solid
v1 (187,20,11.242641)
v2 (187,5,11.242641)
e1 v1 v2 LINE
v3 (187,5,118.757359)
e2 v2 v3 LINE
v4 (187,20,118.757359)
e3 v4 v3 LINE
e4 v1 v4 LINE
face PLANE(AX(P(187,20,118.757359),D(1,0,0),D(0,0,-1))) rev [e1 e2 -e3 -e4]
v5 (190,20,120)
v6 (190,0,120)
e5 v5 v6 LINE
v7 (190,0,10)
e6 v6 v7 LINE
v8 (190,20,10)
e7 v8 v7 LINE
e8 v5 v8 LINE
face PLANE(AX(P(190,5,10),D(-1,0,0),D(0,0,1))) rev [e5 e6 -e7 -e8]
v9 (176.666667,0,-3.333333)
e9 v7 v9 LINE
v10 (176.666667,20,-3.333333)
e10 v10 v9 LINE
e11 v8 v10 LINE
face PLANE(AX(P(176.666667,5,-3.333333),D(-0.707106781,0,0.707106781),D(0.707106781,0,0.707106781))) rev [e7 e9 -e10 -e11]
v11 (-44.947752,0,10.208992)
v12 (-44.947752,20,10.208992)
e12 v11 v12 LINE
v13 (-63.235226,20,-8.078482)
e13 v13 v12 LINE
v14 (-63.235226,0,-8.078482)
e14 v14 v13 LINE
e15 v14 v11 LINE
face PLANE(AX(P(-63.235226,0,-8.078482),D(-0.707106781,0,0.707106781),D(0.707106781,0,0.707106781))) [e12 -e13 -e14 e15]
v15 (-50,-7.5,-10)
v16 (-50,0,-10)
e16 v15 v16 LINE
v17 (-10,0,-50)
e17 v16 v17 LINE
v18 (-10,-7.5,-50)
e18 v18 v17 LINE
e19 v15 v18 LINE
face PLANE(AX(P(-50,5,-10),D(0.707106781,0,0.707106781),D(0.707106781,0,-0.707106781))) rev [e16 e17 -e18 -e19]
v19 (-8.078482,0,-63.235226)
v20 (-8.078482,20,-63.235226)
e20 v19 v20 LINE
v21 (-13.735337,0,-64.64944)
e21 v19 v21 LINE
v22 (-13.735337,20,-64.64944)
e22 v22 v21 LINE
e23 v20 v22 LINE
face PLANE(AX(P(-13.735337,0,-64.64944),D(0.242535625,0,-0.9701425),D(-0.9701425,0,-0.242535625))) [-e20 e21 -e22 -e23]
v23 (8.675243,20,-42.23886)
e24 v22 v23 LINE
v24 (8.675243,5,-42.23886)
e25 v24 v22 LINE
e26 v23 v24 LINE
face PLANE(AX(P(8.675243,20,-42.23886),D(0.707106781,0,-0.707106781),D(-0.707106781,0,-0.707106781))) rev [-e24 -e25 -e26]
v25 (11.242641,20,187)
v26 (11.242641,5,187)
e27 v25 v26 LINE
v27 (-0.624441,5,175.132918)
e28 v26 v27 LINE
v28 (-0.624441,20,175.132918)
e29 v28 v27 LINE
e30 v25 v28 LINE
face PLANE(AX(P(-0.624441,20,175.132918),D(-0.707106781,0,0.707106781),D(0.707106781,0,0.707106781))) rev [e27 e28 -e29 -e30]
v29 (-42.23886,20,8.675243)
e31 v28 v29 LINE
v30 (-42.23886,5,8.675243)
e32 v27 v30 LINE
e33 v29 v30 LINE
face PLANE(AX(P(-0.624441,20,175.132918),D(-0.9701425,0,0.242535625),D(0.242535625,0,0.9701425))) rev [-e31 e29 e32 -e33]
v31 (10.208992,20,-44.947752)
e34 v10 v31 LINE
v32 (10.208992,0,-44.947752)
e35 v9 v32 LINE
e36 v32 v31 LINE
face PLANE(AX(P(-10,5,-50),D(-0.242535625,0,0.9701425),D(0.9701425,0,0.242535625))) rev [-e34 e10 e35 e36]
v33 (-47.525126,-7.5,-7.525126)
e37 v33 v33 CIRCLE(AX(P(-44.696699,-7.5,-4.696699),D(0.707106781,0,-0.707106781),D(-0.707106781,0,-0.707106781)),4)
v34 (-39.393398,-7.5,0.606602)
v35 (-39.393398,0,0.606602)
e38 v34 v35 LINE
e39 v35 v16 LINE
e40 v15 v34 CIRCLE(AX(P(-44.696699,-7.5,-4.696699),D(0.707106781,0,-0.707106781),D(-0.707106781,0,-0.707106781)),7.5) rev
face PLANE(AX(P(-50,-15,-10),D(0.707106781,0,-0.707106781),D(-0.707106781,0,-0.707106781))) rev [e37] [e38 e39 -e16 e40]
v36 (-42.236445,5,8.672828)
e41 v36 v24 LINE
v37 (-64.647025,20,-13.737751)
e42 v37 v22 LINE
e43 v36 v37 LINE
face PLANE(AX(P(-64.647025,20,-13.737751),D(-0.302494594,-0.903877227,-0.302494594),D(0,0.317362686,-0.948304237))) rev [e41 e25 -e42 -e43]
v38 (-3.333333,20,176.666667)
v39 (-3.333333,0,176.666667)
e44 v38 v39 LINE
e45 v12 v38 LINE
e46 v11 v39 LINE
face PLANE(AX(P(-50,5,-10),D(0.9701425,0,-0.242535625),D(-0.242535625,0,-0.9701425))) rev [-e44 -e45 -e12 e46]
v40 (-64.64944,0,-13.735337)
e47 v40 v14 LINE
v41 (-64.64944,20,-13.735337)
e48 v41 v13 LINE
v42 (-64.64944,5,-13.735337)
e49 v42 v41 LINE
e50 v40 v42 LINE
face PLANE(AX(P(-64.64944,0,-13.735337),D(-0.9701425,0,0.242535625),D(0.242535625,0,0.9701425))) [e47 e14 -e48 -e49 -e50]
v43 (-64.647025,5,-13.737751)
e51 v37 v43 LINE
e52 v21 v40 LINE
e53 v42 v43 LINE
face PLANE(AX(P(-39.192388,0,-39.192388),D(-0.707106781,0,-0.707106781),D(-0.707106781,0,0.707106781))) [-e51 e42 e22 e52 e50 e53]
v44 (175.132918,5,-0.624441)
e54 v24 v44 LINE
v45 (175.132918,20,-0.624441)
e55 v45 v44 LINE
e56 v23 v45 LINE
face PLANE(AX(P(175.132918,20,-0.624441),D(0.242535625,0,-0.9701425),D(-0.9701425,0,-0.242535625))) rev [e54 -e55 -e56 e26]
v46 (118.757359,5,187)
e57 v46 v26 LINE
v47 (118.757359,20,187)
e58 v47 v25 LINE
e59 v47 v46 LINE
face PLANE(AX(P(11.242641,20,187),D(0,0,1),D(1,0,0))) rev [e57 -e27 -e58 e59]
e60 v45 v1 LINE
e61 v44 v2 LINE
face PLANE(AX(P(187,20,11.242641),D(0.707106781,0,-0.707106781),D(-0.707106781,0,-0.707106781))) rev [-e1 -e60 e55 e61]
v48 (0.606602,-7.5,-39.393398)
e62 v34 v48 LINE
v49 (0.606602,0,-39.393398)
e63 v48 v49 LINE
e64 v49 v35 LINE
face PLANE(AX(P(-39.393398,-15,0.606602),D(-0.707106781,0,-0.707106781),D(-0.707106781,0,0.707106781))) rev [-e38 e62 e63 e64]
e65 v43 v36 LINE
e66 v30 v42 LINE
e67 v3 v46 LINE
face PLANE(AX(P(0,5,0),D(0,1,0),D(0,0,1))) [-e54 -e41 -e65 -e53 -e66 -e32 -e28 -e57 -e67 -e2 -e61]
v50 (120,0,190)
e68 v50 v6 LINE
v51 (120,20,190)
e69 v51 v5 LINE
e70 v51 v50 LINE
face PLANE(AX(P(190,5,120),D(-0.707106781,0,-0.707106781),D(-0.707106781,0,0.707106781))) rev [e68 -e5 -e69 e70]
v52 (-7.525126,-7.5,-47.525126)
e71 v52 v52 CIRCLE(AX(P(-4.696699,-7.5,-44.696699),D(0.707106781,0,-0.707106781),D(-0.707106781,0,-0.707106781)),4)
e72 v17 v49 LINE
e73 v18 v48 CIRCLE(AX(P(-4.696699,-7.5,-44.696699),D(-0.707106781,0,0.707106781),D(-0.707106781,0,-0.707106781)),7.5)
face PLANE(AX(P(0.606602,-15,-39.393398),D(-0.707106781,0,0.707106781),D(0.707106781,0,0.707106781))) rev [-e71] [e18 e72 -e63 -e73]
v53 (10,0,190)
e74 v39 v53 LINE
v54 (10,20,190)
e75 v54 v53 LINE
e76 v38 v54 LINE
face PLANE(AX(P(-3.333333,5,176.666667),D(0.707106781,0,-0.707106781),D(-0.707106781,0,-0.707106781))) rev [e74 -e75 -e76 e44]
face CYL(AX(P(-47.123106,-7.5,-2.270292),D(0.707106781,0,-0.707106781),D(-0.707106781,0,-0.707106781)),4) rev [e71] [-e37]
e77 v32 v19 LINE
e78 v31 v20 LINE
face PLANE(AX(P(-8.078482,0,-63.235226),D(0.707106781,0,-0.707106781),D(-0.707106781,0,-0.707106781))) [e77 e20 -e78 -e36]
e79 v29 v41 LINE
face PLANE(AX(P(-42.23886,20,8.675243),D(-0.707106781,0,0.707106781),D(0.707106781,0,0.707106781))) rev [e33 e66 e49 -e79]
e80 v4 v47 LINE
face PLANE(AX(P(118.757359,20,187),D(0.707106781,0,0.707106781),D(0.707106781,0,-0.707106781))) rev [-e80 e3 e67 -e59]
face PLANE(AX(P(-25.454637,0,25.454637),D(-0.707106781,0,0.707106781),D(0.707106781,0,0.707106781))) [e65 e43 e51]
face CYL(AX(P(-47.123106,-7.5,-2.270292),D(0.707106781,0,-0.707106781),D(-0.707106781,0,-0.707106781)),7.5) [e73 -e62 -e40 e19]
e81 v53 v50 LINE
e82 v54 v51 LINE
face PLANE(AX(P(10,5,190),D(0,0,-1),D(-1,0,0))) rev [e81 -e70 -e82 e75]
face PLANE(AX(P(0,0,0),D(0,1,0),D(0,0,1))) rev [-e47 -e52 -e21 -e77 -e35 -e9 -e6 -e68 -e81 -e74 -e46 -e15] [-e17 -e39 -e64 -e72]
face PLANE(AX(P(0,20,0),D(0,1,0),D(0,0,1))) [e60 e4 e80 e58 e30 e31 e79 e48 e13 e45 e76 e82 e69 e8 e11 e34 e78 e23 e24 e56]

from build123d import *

# Parameters (mm, degrees)
EXTRUDE_1_DEPTH     = 5
EXTRUDE_2_DEPTH     = 15
CUT_EXTRUDE_1_DEPTH = 60
SKETCH_4_R          = 4
CUT_EXTRUDE_2_DEPTH = 60
EXTRUDE_3_DEPTH     = 15
SKETCH_6_W          = 72.003415158
SKETCH_6_H          = 5
EXTRUDE_4_DEPTH     = 13
EXTRUDE_5_DEPTH     = 20
EXTRUDE_6_DEPTH     = 72


with BuildPart() as part:
    # 草图1 → 凸台-拉伸1 (new body)
    with BuildSketch(Plane(origin=(0, 0, 0), x_dir=(1, 0, 0), z_dir=(0, 1, 0))):
        Polygon((-50, 10), (-10, 50), (176.666666667, 3.333333333), (190, -10), (190, -120), (120, -190), (10, -190), (-3.333333333, -176.666666667), align=None)
    extrude(amount=EXTRUDE_1_DEPTH)

    # 草图2 → 凸台-拉伸2 (add)
    with BuildSketch(Plane.XZ):
        Polygon((-50, -10), (-39.393398282, 0.606601718), (0.606601718, -39.393398282), (-10, -50), align=None)
    extrude(amount=EXTRUDE_2_DEPTH)

    # 草图3 → 切除-拉伸1 (cut)
    with BuildSketch(Plane(origin=(20, 0, -20), x_dir=(-0.7071067811865475, 0, -0.7071067811865476), z_dir=(0.7071067811865476, 0, -0.7071067811865475))):
        with BuildLine():
            Line((27.426406871, -7.5), (27.426406871, -15))
            Line((27.426406871, -15), (34.926406871, -15))
            ThreePointArc((34.926406871, -15), (29.623106012, -12.803300859), (27.426406871, -7.5))
        make_face()
    extrude(amount=-CUT_EXTRUDE_1_DEPTH, mode=Mode.SUBTRACT)

    # 草图4 → 切除-拉伸2 (cut)
    with BuildSketch(Plane(origin=(20, 0, -20), x_dir=(-0.7071067811865474, 0, -0.7071067811865477), z_dir=(0.7071067811865477, 0, -0.7071067811865474))):
        with Locations((34.926406871, -7.5)):
            Circle(SKETCH_4_R)
        with BuildLine():
            Line((34.926406871, -15), (42.426406871, -15))
            Line((42.426406871, -15), (42.426406871, -7.5))
            ThreePointArc((42.426406871, -7.5), (40.22970773, -12.803300859), (34.926406871, -15))
        make_face()
    extrude(amount=-CUT_EXTRUDE_2_DEPTH, mode=Mode.SUBTRACT)

    # 草图5 → 凸台-拉伸3 (add)
    with BuildSketch(Plane(origin=(0, 5, 0), x_dir=(1, 0, 0), z_dir=(0, 1, 0))):
        Polygon((-0.62444127, -175.132918043), (11.242640687, -187), (118.757359313, -187), (187, -118.757359313), (187, -11.242640687), (175.132918043, 0.62444127), (8.675243128, 42.238859999), (4.552137502, 46.361965624), (176.666666667, 3.333333333), (190, -10), (190, -120), (120, -190), (10, -190), (-3.333333333, -176.666666667), (-46.361965624, -4.552137502), (-42.238859999, -8.675243128), align=None)
    extrude(amount=EXTRUDE_3_DEPTH)

    # 草图6 → 凸台-拉伸4 (add, symmetric)
    with BuildSketch(Plane(origin=(-30, 0, -30), x_dir=(-0.7071067811865475, 0, 0.7071067811865476), z_dir=(-0.7071067811865476, 0, -0.7071067811865475))):
        with Locations((0, 2.5)):
            Rectangle(SKETCH_6_W, SKETCH_6_H)
    extrude(amount=EXTRUDE_4_DEPTH, both=True)

    # 草图7 → 凸台-拉伸5 (add)
    with BuildSketch(Plane(origin=(0, 20, 0), x_dir=(1, 0, 0), z_dir=(0, 1, 0))):
        Polygon((-42.238859999, -8.675243128), (-64.649439719, 13.735336592), (-63.235226156, 8.078482343), (-44.947752062, -10.208991752), align=None)
        Polygon((8.675243128, 42.238859999), (-13.735336592, 64.649439719), (-8.078482343, 63.235226156), (10.208991752, 44.947752062), align=None)
    extrude(amount=-EXTRUDE_5_DEPTH)

    # 草图8 → 凸台-拉伸6 (add)
    with BuildSketch(Plane(origin=(25.457051563, 0, -25.457051563), x_dir=(0.7071067811865439, 0, 0.7071067811865511), z_dir=(-0.7071067811865511, 0, 0.7071067811865439))):
        Polygon((-55.426406871, 20), (-23.733061091, 5), (-55.426406871, 5), align=None)
    extrude(amount=EXTRUDE_6_DEPTH)


solid = part.part
